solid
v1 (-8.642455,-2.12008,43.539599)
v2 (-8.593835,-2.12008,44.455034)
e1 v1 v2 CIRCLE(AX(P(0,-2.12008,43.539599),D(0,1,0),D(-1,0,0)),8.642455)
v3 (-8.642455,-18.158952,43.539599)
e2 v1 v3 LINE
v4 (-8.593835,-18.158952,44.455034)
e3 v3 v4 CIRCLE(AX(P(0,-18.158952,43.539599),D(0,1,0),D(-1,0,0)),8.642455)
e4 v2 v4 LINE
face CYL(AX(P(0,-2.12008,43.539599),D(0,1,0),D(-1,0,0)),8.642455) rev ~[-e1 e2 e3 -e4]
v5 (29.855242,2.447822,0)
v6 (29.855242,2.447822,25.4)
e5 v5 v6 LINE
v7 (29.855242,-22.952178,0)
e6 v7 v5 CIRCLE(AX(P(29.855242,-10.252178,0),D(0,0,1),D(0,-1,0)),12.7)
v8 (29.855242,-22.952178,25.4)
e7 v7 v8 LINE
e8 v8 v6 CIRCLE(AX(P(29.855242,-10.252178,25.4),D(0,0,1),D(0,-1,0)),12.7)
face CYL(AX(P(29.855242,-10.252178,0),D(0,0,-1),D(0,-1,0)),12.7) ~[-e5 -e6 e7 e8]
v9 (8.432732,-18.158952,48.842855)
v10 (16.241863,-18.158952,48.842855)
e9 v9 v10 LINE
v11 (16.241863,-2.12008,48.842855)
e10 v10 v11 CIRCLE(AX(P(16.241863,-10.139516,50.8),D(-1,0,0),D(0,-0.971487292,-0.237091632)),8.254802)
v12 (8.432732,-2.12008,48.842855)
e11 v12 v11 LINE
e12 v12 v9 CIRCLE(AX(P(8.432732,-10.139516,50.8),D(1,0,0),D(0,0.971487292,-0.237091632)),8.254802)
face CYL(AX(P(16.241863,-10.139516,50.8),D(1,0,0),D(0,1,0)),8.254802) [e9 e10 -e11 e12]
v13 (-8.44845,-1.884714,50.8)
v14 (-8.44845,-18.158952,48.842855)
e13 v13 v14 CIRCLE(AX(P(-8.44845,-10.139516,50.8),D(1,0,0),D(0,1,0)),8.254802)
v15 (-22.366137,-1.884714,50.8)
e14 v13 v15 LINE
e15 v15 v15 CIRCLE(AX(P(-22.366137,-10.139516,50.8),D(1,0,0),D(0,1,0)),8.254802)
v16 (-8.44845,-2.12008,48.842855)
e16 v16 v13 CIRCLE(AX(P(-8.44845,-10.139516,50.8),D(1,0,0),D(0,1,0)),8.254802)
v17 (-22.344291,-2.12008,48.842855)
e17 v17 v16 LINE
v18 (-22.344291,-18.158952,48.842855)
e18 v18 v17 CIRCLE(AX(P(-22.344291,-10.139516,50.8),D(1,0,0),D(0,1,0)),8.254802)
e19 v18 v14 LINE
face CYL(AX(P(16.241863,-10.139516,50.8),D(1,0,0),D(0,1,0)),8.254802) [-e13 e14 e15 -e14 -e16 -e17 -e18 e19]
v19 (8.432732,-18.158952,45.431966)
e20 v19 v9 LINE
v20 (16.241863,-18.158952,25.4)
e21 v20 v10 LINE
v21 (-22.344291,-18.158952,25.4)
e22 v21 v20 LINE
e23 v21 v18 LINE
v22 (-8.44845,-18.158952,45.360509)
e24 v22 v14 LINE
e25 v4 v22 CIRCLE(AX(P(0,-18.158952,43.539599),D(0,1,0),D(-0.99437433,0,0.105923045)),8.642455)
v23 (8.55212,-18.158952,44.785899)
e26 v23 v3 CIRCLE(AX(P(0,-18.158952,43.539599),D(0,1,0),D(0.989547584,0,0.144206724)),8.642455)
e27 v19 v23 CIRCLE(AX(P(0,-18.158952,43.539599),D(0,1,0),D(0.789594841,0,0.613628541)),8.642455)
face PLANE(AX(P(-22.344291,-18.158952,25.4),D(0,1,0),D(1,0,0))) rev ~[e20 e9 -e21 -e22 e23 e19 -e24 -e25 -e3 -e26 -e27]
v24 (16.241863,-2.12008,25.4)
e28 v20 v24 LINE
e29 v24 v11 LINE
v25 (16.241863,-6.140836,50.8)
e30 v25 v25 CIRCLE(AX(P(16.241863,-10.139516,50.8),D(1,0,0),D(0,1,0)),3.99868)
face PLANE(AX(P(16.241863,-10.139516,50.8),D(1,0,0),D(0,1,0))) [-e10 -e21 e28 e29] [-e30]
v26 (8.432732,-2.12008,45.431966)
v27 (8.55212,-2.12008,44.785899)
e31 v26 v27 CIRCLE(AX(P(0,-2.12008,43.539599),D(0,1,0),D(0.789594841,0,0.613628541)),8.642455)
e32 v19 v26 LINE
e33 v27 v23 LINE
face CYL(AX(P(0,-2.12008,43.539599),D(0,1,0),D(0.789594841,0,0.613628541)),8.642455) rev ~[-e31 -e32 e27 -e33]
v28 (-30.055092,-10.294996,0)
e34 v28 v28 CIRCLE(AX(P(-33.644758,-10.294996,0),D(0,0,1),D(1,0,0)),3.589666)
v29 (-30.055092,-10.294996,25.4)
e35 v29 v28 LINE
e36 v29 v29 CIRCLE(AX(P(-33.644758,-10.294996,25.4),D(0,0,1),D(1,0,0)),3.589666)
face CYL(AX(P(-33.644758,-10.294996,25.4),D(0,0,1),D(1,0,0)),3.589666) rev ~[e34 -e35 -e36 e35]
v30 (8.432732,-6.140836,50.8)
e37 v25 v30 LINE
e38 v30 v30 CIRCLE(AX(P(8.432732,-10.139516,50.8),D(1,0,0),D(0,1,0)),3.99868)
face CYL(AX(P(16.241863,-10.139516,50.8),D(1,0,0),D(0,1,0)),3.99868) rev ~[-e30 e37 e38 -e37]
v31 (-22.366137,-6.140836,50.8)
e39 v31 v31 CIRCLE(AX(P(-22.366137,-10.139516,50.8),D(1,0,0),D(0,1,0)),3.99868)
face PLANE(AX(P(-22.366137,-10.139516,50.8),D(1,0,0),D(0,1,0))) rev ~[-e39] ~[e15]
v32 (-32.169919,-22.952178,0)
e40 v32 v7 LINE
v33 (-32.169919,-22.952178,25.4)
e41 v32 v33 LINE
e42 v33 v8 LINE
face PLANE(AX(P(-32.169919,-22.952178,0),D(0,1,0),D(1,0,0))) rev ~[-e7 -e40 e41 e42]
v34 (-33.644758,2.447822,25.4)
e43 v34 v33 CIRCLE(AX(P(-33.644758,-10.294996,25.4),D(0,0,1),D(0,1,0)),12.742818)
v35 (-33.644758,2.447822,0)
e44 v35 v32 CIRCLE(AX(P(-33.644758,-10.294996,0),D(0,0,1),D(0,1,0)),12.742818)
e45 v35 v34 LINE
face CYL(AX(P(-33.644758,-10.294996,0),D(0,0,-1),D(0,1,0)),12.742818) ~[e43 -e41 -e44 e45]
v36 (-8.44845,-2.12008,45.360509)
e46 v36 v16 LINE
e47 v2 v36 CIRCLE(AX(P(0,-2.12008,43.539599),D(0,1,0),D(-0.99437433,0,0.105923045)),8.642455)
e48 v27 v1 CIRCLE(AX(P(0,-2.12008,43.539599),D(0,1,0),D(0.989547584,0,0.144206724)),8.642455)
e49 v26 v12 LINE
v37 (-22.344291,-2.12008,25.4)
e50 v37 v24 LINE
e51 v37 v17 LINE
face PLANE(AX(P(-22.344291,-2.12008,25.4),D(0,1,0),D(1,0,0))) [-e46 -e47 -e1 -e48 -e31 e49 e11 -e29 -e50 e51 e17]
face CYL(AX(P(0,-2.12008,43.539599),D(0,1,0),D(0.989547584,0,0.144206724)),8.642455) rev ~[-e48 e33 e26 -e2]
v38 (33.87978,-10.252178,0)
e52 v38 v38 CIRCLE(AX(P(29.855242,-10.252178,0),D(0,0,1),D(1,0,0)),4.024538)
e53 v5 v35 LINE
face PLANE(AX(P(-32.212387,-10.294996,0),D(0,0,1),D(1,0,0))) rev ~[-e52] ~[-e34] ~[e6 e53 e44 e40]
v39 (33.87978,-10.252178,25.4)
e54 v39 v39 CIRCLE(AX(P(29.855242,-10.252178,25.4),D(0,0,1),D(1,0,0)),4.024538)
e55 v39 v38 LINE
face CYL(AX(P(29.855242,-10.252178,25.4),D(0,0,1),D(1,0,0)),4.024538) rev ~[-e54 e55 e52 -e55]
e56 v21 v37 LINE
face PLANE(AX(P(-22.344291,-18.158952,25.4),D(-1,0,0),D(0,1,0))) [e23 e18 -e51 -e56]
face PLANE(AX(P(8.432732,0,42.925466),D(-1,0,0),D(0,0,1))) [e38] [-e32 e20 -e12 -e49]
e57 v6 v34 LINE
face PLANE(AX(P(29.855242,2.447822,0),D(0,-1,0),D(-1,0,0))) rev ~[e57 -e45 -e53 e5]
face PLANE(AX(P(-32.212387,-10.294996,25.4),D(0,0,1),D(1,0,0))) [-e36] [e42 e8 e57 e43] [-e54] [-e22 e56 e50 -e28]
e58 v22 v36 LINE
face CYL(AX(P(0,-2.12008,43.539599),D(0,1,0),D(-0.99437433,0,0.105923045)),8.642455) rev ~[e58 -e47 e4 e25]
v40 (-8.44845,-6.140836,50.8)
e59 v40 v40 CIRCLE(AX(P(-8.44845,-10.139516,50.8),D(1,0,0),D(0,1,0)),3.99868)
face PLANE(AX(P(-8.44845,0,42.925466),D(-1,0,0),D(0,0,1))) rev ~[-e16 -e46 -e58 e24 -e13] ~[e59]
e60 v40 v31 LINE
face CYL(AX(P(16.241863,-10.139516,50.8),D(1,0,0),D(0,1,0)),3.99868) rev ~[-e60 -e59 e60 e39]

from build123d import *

# Parameters (mm, degrees)
F1_DEPTH  = 25.4
F2_R      = 4.0245383541
F2_R_2    = 3.5896657287
F3_DEPTH  = 25.4
F4_W      = 38.5861545801
F4_H      = 16.0388713703
F5_DEPTH  = 25.4
F6_R      = 8.2548024602
F7_DEPTH  = 38.608
F8_R      = 3.9986797271
F9_DEPTH  = 39.878
F11_DEPTH = 45.212
F12_W     = 16.8811818585
F12_H     = 20.1899148524
F13_DEPTH = 34.29


with BuildPart() as f1:
    # F0 (on Top) → F1 (new body)
    with BuildSketch(Plane.XY):
        with BuildLine():
            ThreePointArc((-29.85904102, -10.2949963908), (-30.9678519001, -7.618090126), (-33.6447581649, -6.5092792459))
            Line((-33.6447581649, -6.5092792459), (-33.6447581649, -14.0807135357))
            ThreePointArc((-33.6447581649, -14.0807135357), (-30.9678519001, -12.9719026556), (-29.85904102, -10.2949963908))
        make_face()
        with BuildLine():
            Line((29.8552418351, -14.3785462744), (29.8552418351, -6.1258107119))
            ThreePointArc((29.8552418351, -6.1258107119), (25.7288740539, -10.2521784931), (29.8552418351, -14.3785462744))
        make_face()
        with BuildLine():
            Line((-33.6447581649, -14.0807135357), (-33.6447581649, -6.5092792459))
            ThreePointArc((-33.6447581649, -6.5092792459), (-37.4304753098, -10.2949963908), (-33.6447581649, -14.0807135357))
        make_face()
        with BuildLine():
            ThreePointArc((33.9816096163, -10.2521784931), (32.7730244749, -7.3343958534), (29.8552418351, -6.1258107119))
            Line((29.8552418351, -6.1258107119), (29.8552418351, -14.3785462744))
            ThreePointArc((29.8552418351, -14.3785462744), (32.7730244749, -13.1699611329), (33.9816096163, -10.2521784931))
        make_face()
        with BuildLine():
            Line((29.8552418351, 2.4478215069), (-33.6447581649, 2.4478215069))
            Line((-33.6447581649, 2.4478215069), (-33.6447581649, -6.5092792459))
            ThreePointArc((-33.6447581649, -6.5092792459), (-30.9678519001, -7.618090126), (-29.85904102, -10.2949963908))
            ThreePointArc((-29.85904102, -10.2949963908), (-30.9678519001, -12.9719026556), (-33.6447581649, -14.0807135357))
            Line((-33.6447581649, -14.0807135357), (-33.6447581649, -22.9521784931))
            Line((-33.6447581649, -22.9521784931), (-32.169919461, -22.9521784931))
            Line((-32.169919461, -22.9521784931), (29.8552418351, -22.9521784931))
            Line((29.8552418351, -22.9521784931), (29.8552418351, -14.3785462744))
            ThreePointArc((29.8552418351, -14.3785462744), (25.7288740539, -10.2521784931), (29.8552418351, -6.1258107119))
            Line((29.8552418351, -6.1258107119), (29.8552418351, 2.4478215069))
        make_face()
        with BuildLine():
            ThreePointArc((29.8552418351, -22.9521784931), (42.5552418351, -10.2521784931), (29.8552418351, 2.4478215069))
            Line((29.8552418351, 2.4478215069), (29.8552418351, -6.1258107119))
            ThreePointArc((29.8552418351, -6.1258107119), (32.7730244749, -7.3343958534), (33.9816096163, -10.2521784931))
            ThreePointArc((33.9816096163, -10.2521784931), (32.7730244749, -13.1699611329), (29.8552418351, -14.3785462744))
            Line((29.8552418351, -14.3785462744), (29.8552418351, -22.9521784931))
        make_face()
        with BuildLine():
            Line((-33.6447581649, -6.5092792459), (-33.6447581649, 2.4478215069))
            ThreePointArc((-33.6447581649, 2.4478215069), (-46.3661490991, -11.033657797), (-32.169919461, -22.9521784931))
            Line((-32.169919461, -22.9521784931), (-33.6447581649, -22.9521784931))
            Line((-33.6447581649, -22.9521784931), (-33.6447581649, -14.0807135357))
            ThreePointArc((-33.6447581649, -14.0807135357), (-37.4304753098, -10.2949963908), (-33.6447581649, -6.5092792459))
        make_face()
    extrude(amount=F1_DEPTH)

    # F2 (on face) → F3 (cut)
    with BuildSketch(Plane.XY.offset(25.4)):
        with Locations((29.8552418351, -10.2521784931)):
            Circle(F2_R)
        with Locations((-33.6447581649, -10.2949963908)):
            Circle(F2_R_2)
    extrude(amount=-F3_DEPTH, mode=Mode.SUBTRACT)

    # F4 (on face) → F5 (join)
    with BuildSketch(Plane.XY.offset(25.4)):
        with Locations((-3.0512139201, -10.1395160891)):
            Rectangle(F4_W, F4_H)
    extrude(amount=F5_DEPTH)

    # F6 (on face) → F7 (join)
    with BuildSketch(Plane.YZ.offset(16.2418633699)):
        with Locations((-10.1395160891, 50.8)):
            Circle(F6_R)
    extrude(amount=-F7_DEPTH)

    # F8 (on face) → F9 (cut)
    with BuildSketch(Plane.YZ.offset(16.2418633699)):
        with Locations((-10.1395160891, 50.8)):
            Circle(F8_R)
    extrude(amount=-F9_DEPTH, mode=Mode.SUBTRACT)

    # F10 (on face) → F11 (cut)
    with BuildSketch(Plane(origin=(0, -2.120080404, 0), x_dir=(-1, 0, 0), z_dir=(0, 1, 0))):
        with BuildLine():
            Line((-6.8240375897, 48.8428554092), (6.8240375897, 48.8428554092))
            ThreePointArc((6.8240375897, 48.8428554092), (0, 52.1820532111), (-6.8240375897, 48.8428554092))
        make_face()
        with BuildLine():
            ThreePointArc((-8.5521200951, 44.7858986511), (-0.6247847998, 34.9197571743), (8.6424546269, 43.5395985842))
            ThreePointArc((8.6424546269, 43.5395985842), (8.6302911684, 43.9979612418), (8.593835031, 44.455033693))
            ThreePointArc((8.593835031, 44.455033693), (8.0150448464, 46.772411305), (6.8240375897, 48.8428554092))
            Line((6.8240375897, 48.8428554092), (-6.8240375897, 48.8428554092))
            ThreePointArc((-6.8240375897, 48.8428554092), (-7.951181096, 46.9264468472), (-8.5521200951, 44.7858986511))
        make_face()
    extrude(amount=-F11_DEPTH, mode=Mode.SUBTRACT)

    # F12 (on Front) → F13 (cut)
    with BuildSketch(Plane.XZ):
        with Locations((-0.0078589655, 53.0204232782)):
            Rectangle(F12_W, F12_H)
    extrude(amount=F13_DEPTH, mode=Mode.SUBTRACT)


solid = f1.part
